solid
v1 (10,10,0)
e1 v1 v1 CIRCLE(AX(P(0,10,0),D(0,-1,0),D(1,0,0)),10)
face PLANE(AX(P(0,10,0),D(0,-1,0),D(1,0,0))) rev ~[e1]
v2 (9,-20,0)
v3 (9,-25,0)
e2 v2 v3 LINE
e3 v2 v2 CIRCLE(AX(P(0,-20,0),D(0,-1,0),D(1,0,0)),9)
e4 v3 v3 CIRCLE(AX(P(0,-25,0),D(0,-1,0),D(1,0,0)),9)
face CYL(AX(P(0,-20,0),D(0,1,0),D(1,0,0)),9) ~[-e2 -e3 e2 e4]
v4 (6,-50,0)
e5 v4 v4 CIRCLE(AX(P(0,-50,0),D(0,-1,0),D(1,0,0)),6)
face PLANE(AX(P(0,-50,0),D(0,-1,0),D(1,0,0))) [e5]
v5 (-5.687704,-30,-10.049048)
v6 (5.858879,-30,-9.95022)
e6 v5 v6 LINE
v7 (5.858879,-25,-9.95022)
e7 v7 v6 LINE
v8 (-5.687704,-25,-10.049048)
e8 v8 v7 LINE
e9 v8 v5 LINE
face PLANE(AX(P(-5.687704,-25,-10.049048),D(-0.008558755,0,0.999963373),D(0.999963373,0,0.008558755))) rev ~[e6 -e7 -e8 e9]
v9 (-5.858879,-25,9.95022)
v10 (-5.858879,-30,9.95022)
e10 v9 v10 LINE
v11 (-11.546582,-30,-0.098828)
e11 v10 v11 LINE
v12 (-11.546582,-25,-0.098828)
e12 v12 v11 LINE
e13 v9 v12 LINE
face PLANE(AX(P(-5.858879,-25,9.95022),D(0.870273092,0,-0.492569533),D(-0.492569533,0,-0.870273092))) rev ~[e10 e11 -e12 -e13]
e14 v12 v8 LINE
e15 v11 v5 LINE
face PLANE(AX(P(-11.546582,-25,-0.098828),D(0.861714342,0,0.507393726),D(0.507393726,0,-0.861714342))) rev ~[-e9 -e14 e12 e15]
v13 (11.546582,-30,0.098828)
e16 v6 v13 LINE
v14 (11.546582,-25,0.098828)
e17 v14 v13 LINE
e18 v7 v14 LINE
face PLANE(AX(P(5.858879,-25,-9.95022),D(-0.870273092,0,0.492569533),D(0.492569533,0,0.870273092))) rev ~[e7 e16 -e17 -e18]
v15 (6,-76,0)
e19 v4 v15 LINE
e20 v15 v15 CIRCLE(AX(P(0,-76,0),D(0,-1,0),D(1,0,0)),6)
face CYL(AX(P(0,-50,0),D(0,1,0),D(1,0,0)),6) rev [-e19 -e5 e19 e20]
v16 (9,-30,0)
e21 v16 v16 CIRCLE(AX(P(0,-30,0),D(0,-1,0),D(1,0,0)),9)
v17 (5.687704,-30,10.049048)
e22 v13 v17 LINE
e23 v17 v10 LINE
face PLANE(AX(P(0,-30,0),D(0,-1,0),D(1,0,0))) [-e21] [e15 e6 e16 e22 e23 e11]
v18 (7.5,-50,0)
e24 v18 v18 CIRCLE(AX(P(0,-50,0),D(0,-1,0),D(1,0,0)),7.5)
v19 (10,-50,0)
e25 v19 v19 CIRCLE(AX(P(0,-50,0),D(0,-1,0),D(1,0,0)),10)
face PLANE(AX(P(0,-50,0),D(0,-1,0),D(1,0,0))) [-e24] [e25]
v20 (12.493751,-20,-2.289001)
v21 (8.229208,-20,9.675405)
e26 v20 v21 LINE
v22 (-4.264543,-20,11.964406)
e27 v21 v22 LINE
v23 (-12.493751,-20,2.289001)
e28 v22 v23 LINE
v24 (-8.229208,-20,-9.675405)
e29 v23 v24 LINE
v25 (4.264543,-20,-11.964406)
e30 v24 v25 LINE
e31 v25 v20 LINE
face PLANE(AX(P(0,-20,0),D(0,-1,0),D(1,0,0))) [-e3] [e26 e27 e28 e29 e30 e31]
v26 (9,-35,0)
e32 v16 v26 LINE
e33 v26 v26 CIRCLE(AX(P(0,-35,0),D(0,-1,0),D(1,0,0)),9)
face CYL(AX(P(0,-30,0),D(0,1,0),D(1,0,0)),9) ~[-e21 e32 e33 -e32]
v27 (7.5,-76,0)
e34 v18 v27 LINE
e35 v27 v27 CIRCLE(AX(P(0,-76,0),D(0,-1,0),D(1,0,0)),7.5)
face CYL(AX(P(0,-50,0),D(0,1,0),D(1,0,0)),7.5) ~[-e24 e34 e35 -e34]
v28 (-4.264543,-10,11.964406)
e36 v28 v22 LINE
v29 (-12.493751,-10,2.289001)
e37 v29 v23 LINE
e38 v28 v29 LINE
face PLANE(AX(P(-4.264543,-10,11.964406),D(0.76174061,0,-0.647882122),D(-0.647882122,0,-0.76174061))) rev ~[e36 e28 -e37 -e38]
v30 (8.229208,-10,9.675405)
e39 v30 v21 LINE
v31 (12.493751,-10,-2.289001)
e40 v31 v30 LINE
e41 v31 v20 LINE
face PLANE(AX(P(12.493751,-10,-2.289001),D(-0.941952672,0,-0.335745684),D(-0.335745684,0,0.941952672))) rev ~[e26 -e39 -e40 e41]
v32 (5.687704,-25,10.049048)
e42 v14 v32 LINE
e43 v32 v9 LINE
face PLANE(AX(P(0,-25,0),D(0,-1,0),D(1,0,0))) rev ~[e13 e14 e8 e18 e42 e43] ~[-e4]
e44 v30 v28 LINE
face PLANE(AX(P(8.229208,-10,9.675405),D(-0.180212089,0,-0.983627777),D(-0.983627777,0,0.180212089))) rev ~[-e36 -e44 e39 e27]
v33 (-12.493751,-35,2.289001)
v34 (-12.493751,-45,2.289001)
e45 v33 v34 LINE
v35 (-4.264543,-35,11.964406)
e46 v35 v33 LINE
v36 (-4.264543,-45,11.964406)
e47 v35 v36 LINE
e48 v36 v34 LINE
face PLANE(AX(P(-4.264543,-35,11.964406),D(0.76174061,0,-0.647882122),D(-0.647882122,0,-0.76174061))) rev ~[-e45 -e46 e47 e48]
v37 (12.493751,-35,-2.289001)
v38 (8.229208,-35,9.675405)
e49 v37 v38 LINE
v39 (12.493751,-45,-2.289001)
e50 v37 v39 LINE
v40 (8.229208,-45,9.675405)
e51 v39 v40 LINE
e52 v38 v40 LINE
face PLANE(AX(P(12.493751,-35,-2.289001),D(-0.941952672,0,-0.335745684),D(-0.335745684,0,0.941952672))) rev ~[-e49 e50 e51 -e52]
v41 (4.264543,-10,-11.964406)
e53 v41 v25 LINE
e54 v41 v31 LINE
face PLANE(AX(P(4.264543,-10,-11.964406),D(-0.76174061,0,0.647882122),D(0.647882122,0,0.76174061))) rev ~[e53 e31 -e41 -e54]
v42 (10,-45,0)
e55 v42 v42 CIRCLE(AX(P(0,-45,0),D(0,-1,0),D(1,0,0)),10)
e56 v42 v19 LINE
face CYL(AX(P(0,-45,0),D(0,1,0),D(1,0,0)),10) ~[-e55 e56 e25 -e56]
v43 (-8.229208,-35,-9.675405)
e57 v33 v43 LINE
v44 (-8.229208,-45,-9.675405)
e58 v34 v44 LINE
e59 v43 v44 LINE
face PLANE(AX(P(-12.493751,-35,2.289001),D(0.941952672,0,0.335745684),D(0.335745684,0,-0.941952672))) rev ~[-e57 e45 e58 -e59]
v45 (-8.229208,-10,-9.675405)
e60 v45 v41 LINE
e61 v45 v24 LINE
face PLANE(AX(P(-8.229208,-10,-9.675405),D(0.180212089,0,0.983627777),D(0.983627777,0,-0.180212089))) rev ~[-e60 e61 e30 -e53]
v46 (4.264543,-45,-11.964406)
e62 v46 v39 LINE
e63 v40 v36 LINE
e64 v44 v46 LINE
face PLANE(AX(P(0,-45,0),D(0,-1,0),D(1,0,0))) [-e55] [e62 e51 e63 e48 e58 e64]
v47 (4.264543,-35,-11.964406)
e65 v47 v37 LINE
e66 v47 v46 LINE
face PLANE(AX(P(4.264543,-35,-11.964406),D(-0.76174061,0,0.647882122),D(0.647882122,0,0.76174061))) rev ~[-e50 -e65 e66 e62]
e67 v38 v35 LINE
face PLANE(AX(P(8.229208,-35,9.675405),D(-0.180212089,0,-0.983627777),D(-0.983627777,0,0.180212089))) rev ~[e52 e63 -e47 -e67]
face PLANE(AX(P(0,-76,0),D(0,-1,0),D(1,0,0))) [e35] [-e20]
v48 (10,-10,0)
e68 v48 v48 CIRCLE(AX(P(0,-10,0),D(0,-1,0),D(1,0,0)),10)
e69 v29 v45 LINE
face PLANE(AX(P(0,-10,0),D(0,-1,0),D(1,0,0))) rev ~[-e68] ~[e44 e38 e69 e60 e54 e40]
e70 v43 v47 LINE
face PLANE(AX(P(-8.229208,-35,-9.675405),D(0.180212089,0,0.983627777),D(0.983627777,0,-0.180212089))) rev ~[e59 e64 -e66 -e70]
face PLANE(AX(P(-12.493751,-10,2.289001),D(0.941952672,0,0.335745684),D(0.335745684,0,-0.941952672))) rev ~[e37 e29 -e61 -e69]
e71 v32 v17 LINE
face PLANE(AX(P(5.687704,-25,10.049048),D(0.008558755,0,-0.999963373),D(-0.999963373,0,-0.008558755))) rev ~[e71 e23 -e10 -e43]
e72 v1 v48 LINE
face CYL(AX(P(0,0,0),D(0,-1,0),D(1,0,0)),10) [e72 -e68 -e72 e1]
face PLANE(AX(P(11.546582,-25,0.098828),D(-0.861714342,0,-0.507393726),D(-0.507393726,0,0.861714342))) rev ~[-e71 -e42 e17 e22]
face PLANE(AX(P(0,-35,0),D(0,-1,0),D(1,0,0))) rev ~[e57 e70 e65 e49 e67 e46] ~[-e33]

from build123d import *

# Parameters (mm, degrees)
F0_R      = 10
F1_DEPTH  = 10
F3_DEPTH  = 10
F4_R      = 9
F5_DEPTH  = 5
F7_DEPTH  = 5
F8_R      = 9
F9_DEPTH  = 5
F11_DEPTH = 10
F12_R     = 10
F13_DEPTH = 5
F14_R     = 7.5
F14_R_2   = 6
F16_DEPTH = 26


with BuildPart() as f1:
    # F0 (on Front) → F1 (new body, symmetric)
    with BuildSketch(Plane.XZ):
        Circle(F0_R)
    extrude(amount=F1_DEPTH, both=True)

    # F2 (on face) → F3 (join)
    with BuildSketch(Plane.XZ.offset(10)):
        Polygon((4.264543, -11.964406), (12.493751, -2.289001), (8.229208, 9.675405), (-4.264543, 11.964406), (-12.493751, 2.289001), (-8.229208, -9.675405), align=None)
    extrude(amount=F3_DEPTH)

    # F4 (on face) → F5 (join)
    with BuildSketch(Plane.XZ.offset(20)):
        Circle(F4_R)
    extrude(amount=F5_DEPTH)

    # F6 (on face) → F7 (join)
    with BuildSketch(Plane.XZ.offset(25)):
        Polygon((5.858879, -9.95022), (11.546582, 0.098828), (5.687704, 10.049048), (-5.858879, 9.95022), (-11.546582, -0.098828), (-5.687704, -10.049048), align=None)
    extrude(amount=F7_DEPTH)

    # F8 (on face) → F9 (join)
    with BuildSketch(Plane.XZ.offset(30)):
        Circle(F8_R)
    extrude(amount=F9_DEPTH)

    # F10 (on face) → F11 (join)
    with BuildSketch(Plane.XZ.offset(35)):
        Polygon((8.229208, 9.675405), (-4.264543, 11.964406), (-12.493751, 2.289001), (-8.229208, -9.675405), (4.264543, -11.964406), (12.493751, -2.289001), align=None)
    extrude(amount=F11_DEPTH)

    # F12 (on face) → F13 (join)
    with BuildSketch(Plane.XZ.offset(45)):
        Circle(F12_R)
    extrude(amount=F13_DEPTH)

    # F14 (on face) → F16 (join, through all)
    with BuildSketch(Plane.XZ.offset(50)):
        Circle(F14_R)
        Circle(F14_R_2, mode=Mode.SUBTRACT)
    extrude(amount=F16_DEPTH)


solid = f1.part
